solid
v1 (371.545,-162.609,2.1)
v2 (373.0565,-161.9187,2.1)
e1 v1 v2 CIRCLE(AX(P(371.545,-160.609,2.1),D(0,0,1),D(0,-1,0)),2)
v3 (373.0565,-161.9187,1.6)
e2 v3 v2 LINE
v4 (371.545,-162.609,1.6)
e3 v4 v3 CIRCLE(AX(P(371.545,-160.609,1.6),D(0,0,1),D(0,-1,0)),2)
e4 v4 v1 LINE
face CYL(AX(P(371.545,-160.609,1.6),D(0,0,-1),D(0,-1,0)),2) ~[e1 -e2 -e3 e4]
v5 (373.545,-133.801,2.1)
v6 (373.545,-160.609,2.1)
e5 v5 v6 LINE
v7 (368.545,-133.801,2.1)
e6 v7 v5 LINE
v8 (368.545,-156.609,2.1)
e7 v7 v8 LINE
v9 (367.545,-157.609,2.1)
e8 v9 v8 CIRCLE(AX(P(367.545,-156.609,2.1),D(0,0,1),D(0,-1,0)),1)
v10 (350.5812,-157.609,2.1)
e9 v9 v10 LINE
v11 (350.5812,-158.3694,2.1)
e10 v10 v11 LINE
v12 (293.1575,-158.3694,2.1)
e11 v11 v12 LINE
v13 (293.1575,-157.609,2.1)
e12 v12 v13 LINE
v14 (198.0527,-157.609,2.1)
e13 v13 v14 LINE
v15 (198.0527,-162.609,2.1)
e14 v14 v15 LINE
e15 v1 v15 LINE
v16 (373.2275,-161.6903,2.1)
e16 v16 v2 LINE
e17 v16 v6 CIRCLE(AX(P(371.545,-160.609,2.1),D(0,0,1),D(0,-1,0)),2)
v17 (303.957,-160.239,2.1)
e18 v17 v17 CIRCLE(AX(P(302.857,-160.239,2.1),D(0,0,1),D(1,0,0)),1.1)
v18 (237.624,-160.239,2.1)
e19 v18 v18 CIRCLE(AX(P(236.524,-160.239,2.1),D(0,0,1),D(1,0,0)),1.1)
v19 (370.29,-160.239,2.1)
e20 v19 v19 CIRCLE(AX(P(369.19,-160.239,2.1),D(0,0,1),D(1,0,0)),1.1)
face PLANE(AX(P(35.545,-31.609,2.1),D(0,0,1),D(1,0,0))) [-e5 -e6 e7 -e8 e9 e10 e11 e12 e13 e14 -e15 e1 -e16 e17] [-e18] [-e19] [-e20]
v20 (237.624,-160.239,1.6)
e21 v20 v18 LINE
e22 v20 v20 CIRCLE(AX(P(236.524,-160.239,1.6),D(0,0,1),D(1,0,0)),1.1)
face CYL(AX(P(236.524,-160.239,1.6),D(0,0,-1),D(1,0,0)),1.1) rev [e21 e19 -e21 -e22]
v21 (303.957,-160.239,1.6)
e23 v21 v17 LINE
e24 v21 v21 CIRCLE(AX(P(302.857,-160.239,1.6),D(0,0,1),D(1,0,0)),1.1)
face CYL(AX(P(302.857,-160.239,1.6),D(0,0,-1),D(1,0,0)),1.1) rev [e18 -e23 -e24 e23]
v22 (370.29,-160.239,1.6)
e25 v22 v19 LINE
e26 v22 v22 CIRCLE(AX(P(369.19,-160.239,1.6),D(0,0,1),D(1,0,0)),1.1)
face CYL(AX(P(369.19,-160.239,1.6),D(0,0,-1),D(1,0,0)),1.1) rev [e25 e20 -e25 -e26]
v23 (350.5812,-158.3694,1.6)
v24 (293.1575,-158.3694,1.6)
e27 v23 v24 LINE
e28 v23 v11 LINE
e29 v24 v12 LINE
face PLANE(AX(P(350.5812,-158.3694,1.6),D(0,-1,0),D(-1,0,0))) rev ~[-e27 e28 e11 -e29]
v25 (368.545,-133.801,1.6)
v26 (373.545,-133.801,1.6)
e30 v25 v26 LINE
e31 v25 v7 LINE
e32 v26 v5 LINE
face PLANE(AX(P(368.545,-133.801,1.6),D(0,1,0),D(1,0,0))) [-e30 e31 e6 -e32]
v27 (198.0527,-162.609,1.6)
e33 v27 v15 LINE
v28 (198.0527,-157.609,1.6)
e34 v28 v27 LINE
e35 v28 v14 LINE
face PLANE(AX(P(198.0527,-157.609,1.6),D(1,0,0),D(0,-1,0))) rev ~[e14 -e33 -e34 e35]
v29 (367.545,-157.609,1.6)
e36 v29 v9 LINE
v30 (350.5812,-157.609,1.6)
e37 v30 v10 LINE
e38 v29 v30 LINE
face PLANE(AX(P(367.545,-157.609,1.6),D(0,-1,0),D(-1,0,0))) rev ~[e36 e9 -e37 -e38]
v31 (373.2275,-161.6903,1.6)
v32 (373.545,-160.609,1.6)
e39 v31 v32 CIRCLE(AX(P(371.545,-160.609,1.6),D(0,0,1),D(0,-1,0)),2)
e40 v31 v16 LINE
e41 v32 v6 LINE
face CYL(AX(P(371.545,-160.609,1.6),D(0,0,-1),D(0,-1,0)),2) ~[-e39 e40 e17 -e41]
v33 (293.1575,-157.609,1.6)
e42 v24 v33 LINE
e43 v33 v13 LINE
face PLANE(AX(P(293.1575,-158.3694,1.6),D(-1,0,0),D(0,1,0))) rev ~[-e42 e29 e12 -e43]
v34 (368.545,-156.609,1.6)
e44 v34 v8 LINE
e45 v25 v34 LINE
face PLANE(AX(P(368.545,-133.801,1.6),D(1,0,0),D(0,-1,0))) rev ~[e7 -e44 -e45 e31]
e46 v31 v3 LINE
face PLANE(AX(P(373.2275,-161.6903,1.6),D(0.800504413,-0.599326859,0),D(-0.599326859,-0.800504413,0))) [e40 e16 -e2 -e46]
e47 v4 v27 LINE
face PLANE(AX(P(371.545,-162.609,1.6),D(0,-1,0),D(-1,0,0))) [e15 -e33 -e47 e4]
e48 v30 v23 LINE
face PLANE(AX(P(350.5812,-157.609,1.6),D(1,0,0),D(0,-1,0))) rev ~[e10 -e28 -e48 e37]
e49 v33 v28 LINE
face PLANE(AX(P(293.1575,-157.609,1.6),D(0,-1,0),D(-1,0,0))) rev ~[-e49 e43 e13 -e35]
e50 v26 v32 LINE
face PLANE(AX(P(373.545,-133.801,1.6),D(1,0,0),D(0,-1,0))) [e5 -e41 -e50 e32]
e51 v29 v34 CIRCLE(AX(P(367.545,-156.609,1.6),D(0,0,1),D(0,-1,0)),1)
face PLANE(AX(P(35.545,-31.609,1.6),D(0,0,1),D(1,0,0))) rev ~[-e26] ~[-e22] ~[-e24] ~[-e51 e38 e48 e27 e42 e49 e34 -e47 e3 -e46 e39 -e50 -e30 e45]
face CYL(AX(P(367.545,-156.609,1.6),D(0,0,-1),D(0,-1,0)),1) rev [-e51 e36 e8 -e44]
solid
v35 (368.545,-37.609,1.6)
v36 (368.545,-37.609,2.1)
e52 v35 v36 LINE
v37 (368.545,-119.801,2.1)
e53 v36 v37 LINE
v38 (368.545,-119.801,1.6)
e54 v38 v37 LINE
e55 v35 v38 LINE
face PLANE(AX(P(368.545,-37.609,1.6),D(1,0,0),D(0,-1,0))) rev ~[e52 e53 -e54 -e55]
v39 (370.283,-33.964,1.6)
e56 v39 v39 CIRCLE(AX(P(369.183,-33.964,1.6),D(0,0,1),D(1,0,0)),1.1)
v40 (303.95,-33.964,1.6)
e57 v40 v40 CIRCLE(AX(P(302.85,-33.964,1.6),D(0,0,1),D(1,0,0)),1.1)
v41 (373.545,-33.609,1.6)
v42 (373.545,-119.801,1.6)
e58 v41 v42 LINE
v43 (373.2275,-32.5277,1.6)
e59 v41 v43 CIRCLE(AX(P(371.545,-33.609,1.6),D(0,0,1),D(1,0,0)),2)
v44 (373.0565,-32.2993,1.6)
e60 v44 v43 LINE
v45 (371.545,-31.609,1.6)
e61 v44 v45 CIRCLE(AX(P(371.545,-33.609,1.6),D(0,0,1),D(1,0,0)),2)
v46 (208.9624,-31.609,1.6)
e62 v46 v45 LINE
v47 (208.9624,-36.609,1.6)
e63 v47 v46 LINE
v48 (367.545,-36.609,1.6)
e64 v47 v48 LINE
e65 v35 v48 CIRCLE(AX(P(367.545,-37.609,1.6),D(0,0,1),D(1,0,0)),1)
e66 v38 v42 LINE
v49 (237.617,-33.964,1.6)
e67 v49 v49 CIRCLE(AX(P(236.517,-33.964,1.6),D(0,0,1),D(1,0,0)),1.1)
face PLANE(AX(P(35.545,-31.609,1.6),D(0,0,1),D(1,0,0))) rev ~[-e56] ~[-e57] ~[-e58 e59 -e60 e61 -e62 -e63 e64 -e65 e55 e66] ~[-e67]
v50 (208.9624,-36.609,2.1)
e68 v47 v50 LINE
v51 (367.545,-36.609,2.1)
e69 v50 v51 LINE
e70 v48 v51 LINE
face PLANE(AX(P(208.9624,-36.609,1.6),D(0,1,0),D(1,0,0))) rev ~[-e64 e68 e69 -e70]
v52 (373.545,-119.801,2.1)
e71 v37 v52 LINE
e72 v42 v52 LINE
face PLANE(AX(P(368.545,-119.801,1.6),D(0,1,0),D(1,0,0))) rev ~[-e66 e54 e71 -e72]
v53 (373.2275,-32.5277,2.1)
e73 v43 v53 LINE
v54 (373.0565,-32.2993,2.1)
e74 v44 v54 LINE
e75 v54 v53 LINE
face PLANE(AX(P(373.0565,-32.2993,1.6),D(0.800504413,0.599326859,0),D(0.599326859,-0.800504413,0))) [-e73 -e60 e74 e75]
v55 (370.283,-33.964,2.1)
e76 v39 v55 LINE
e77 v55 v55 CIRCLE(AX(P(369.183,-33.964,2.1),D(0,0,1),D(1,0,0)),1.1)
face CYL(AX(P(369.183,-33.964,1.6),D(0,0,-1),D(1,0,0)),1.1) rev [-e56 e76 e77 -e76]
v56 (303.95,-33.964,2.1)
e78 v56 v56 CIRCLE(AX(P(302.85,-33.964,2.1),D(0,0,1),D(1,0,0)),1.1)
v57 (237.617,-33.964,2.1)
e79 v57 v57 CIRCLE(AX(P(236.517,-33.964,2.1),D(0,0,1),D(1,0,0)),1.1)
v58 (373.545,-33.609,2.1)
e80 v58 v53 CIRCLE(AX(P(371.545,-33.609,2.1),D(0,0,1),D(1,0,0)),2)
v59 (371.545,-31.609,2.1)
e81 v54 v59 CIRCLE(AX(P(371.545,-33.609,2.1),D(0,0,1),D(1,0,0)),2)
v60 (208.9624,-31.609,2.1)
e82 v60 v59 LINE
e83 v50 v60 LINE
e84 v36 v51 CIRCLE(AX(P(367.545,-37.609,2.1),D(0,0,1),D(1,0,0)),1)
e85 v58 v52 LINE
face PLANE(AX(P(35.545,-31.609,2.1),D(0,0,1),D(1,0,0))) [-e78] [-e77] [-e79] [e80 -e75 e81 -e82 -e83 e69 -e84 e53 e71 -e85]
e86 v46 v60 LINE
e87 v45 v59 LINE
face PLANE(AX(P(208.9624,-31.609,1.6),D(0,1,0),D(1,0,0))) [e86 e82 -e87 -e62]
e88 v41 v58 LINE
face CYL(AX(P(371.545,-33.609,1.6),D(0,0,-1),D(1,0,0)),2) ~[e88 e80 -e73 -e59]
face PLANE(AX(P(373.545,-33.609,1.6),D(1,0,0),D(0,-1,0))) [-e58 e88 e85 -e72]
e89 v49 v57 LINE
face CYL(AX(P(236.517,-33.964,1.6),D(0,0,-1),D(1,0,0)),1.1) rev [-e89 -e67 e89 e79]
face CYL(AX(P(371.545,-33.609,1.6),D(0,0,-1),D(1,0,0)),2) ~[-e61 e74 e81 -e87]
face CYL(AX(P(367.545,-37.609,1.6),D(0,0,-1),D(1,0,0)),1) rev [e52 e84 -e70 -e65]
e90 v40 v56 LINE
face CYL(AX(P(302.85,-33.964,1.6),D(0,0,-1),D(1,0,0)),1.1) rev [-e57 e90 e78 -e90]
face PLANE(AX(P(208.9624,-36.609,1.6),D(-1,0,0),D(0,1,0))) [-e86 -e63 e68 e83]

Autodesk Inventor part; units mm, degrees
ref_plane "YZ Plane" through (0, 0, 0) normal (1, 0, 0) x (0, 1, 0)
ref_plane "XZ Plane" through (0, 0, 0) normal (0, 1, 0) x (-1, 0, 0)
ref_plane "XY Plane" through (0, 0, 0) normal (0, 0, 1) x (1, 0, 0)
ref_plane "Work Plane2" through (35.545, -31.609, 1.6) normal (0, 0, 1) x (1, 0, 0)
ref_plane "Work Plane1" through (35.545, -31.609, 1.6) normal (0, 0, 1) x (1, 0, 0)
sketch "Sketch1" plane through (35.545, -31.609, 1.6) normal (0, 0, 1) x (1, 0, 0)
  line L0 (0, 0) -> (336, 0) projected
  line L1 (-2, -129) -> (-2, -2) projected
  line L2 (-1.6825, -0.9187) -> (-1.5115, -0.6903) projected
  arc A0 (0, 0) -> (-2, -2) centre (0, -2) ccw
  line L3 (338, -2) -> (338, -129) projected
  line L4 (337.5115, -0.6903) -> (337.6825, -0.9187) projected
  arc A1 (338, -2) -> (336, 0) centre (336, -2) ccw
  line L5 (336, -131) -> (0, -131) projected
  line L6 (337.6825, -130.0813) -> (337.5115, -130.3097) projected
  arc A2 (336, -131) -> (338, -129) centre (336, -129) ccw
  arc A3 (-2, -129) -> (0, -131) centre (0, -129) ccw
  circle A4 centre (1.98, -128.63) radius 1.1 projected
  circle A5 centre (1.98, -128.63) radius 1.1
  circle A6 centre (68.313, -128.63) radius 1.1 projected
  circle A7 centre (134.646, -128.63) radius 1.1 projected
  circle A8 centre (134.646, -128.63) radius 1.1
  circle A9 centre (68.313, -128.63) radius 1.1
  circle A10 centre (200.979, -128.63) radius 1.1 projected
  circle A11 centre (267.312, -128.63) radius 1.1 projected
  circle A12 centre (333.645, -128.63) radius 1.1 projected
  circle A13 centre (333.645, -128.63) radius 1.1
  circle A14 centre (267.312, -128.63) radius 1.1
  circle A15 centre (200.979, -128.63) radius 1.1
  circle A16 centre (333.638, -2.355) radius 1.1 projected
  circle A17 centre (1.973, -2.355) radius 1.1 projected
  circle A18 centre (68.306, -2.355) radius 1.1 projected
  circle A19 centre (134.639, -2.355) radius 1.1 projected
  circle A20 centre (200.972, -2.355) radius 1.1 projected
  circle A21 centre (267.305, -2.355) radius 1.1 projected
  circle A22 centre (333.645, -2.355) radius 1.093
  circle A23 centre (267.305, -2.355) radius 1.1
  circle A24 centre (200.972, -2.355) radius 1.1
  circle A25 centre (134.639, -2.355) radius 1.1
  circle A26 centre (68.306, -2.355) radius 1.1
  circle A27 centre (1.973, -2.355) radius 1.1
  line L7 (3, -4.2357) -> (125.2758, -4.2357) construction
  line L8 (4, -5) -> (332, -5)
  line L9 (333, -6) -> (333, -125)
  line L10 (332, -126) -> (4, -126)
  line L11 (3, -125) -> (3, -6)
  arc A28 (4, -5) -> (3, -6) centre (4, -6) ccw
  arc A29 (333, -6) -> (332, -5) centre (332, -6) ccw
  arc A30 (332, -126) -> (333, -125) centre (332, -125) ccw
  arc A31 (3, -125) -> (4, -126) centre (4, -125) ccw
  line L12 (162.5077, 0) -> (162.5077, -5)
  line L13 (173.4174, -5) -> (173.4174, 0)
  circle A32 centre (320.737, -95.692) radius 0.175 projected
  line L14 (333, -88.192) -> (338, -88.192)
  line L15 (333, -102.192) -> (338, -102.192)
  line L16 (257.6125, -126) -> (315.0362, -126)
  line L17 (315.0362, -126) -> (315.0362, -126.7604)
  line L18 (315.0362, -126.7604) -> (257.6125, -126.7604)
  line L19 (257.6125, -126.7604) -> (257.6125, -126)
  line L20 (162.5077, -126) -> (162.5077, -131)
  point P0 (-35.545, 31.609)
  point P1 (-1.5115, -130.3097)
  point P2 (335.5, -88.192)
  point P3 (0, -131)
  point P4 (337.6825, -130.0813)
  point P5 (-1.6825, -0.9187)
  point P6 (337.6825, -0.9187)
  dimension "d2" = 5
  dimension "d3" = 5
  dimension "d4" = 5
  dimension "d5" = 5
  dimension "d6" = 1
  dimension "d7" = 1
  dimension "d8" = 1
  dimension "d9" = 1
extrude "Extrusion3" add sketch "Sketch1" along normal blind 0.5 contours L0 A1 L4 L3 L14 L9 A29 L8 L13 | L20 L10 L19 L18 L17 A30 L9 L15 L3 A2 L6 L5
properties part number "spacer1"
